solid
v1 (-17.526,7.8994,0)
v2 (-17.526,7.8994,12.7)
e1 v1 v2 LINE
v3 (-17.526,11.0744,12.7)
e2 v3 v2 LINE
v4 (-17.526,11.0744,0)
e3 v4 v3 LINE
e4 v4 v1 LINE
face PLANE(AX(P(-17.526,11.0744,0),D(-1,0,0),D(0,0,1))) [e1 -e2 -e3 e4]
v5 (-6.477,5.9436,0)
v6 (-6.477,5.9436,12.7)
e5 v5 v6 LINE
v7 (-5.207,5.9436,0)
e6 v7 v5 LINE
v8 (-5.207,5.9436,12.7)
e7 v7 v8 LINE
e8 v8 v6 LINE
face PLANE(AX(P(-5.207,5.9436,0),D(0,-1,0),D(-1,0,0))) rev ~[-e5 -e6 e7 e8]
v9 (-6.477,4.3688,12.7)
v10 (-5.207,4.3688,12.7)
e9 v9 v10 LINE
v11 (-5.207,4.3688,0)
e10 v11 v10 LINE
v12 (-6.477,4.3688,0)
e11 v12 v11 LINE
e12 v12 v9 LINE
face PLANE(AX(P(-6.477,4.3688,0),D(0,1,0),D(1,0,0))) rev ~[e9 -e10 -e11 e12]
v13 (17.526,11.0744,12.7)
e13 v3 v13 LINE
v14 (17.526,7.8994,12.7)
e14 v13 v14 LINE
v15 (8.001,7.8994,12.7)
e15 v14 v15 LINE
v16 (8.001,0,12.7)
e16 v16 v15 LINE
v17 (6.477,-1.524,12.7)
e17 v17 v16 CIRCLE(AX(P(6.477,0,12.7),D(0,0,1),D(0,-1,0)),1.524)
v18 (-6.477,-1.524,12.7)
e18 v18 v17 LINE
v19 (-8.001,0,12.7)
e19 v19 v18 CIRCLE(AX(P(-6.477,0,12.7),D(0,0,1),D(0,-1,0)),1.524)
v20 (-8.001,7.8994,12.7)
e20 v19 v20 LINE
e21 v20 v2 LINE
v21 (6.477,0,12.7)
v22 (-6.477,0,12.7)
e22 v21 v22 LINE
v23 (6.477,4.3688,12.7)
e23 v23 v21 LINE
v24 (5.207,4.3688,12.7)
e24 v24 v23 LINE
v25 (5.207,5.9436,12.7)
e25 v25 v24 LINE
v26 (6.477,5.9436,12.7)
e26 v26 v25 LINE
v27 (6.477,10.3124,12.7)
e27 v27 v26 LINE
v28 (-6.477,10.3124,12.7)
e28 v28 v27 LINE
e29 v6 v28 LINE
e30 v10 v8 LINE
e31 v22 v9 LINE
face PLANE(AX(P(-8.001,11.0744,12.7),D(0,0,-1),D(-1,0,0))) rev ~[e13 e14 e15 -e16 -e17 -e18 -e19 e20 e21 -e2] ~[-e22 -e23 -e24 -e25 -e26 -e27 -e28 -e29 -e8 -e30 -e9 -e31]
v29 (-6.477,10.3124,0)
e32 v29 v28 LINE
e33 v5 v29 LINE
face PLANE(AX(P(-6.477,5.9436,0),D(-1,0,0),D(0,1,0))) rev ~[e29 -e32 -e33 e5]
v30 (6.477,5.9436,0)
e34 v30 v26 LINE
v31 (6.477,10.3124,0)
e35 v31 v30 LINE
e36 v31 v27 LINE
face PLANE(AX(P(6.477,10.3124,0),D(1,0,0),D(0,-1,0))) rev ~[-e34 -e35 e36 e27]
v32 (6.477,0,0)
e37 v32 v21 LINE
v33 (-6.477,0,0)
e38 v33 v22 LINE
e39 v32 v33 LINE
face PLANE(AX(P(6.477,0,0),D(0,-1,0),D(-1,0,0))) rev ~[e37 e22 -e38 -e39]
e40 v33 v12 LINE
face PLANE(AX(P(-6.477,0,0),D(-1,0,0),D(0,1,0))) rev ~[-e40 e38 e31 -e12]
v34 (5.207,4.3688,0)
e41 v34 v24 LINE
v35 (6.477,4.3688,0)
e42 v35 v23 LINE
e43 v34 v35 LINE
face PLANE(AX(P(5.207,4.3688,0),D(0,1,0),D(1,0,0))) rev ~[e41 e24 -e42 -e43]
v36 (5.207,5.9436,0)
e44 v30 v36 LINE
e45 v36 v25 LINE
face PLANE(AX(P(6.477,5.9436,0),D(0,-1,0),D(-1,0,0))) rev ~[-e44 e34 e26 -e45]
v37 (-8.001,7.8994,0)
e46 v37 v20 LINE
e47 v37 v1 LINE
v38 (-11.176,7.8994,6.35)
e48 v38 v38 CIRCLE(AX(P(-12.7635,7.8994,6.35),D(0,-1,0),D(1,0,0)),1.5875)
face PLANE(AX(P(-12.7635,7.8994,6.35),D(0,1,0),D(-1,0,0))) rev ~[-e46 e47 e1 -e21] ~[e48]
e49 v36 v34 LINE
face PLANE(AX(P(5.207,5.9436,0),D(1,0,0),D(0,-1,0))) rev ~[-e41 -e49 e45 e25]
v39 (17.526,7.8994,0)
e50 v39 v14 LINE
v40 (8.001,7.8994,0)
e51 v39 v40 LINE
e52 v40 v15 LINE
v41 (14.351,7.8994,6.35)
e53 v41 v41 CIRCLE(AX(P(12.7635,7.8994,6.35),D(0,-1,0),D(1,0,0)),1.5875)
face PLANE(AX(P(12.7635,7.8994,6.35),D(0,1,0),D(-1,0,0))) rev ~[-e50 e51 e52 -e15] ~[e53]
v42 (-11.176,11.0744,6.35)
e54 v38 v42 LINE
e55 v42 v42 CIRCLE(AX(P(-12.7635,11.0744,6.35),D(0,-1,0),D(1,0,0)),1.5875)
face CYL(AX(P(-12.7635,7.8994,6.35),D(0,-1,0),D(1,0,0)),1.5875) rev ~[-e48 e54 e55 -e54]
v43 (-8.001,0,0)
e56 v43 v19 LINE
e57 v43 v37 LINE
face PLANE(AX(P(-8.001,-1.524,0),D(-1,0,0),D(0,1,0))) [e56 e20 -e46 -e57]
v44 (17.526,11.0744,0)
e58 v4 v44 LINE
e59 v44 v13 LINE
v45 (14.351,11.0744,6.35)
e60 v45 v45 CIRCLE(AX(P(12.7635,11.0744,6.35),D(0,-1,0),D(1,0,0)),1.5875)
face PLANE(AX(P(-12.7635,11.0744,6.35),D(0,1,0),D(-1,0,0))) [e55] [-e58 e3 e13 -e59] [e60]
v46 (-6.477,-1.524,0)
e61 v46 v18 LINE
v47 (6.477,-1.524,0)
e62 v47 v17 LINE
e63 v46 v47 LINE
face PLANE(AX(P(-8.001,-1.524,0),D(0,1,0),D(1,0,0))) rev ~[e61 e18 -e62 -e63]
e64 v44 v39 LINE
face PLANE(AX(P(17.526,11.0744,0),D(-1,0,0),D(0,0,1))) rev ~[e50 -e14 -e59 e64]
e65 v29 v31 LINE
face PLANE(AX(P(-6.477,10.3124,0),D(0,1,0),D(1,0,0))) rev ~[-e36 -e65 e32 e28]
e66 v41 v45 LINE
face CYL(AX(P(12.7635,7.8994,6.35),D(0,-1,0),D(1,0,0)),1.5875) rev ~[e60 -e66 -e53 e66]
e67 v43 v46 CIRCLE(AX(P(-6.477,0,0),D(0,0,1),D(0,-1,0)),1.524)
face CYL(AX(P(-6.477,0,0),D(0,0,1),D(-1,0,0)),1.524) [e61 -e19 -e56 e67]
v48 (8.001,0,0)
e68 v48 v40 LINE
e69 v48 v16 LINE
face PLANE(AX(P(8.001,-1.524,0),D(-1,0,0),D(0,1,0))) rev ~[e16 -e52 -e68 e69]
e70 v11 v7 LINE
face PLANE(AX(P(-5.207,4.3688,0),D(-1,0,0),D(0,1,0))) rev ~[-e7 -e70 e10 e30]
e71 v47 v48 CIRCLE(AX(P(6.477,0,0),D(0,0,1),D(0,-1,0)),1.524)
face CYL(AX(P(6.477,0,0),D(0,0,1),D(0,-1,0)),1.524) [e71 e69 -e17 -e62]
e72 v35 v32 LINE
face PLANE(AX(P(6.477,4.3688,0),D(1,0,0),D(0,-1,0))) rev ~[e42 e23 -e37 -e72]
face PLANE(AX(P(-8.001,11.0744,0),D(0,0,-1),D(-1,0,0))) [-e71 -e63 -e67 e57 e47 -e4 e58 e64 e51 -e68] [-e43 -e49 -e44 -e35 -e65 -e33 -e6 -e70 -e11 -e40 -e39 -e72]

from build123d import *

# Parameters (mm, degrees)
F0_W     = 16.002
F0_H     = 12.5984
F1_DEPTH = 12.7
F2_W     = 9.525
F2_H     = 12.7
F3_DEPTH = 3.175
F4_R     = 1.524
F5_R     = 1.5875
F6_DEPTH = 25.4


with BuildPart() as f1:
    # F0 (on Top) → F1 (new body)
    with BuildSketch(Plane.XY):
        with Locations((0, 4.7752)):
            Rectangle(F0_W, F0_H)
        Polygon((6.477, 4.3688), (6.477, 0), (-6.477, 0), (-6.477, 4.3688), (-5.207, 4.3688), (-5.207, 5.9436), (-6.477, 5.9436), (-6.477, 10.3124), (6.477, 10.3124), (6.477, 5.9436), (5.207, 5.9436), (5.207, 4.3688), align=None, mode=Mode.SUBTRACT)
    extrude(amount=F1_DEPTH)

    # F2 (on face) → F3 (join)
    with BuildSketch(Plane(origin=(0, 11.0744, 0), x_dir=(-1, 0, 0), z_dir=(0, 1, 0))):
        with Locations((12.7635, 6.35)):
            Rectangle(F2_W, F2_H)
        with Locations((-12.7635, 6.35)):
            Rectangle(F2_W, F2_H)
    extrude(amount=-F3_DEPTH)

    # F4
    f4_edges = [f1.edges().sort_by_distance(p)[0] for p in [
        (-8.001, -1.524, 6.35),
        (8.001, -1.524, 6.35),
    ]]
    fillet(f4_edges, radius=F4_R)

    # F5 (on face) → F6 (cut)
    with BuildSketch(Plane.XZ.offset(-7.8994)):
        with Locations((-12.7635, 6.35)):
            Circle(F5_R)
        with Locations((12.7635, 6.35)):
            Circle(F5_R)
    extrude(amount=-F6_DEPTH, mode=Mode.SUBTRACT)


solid = f1.part
